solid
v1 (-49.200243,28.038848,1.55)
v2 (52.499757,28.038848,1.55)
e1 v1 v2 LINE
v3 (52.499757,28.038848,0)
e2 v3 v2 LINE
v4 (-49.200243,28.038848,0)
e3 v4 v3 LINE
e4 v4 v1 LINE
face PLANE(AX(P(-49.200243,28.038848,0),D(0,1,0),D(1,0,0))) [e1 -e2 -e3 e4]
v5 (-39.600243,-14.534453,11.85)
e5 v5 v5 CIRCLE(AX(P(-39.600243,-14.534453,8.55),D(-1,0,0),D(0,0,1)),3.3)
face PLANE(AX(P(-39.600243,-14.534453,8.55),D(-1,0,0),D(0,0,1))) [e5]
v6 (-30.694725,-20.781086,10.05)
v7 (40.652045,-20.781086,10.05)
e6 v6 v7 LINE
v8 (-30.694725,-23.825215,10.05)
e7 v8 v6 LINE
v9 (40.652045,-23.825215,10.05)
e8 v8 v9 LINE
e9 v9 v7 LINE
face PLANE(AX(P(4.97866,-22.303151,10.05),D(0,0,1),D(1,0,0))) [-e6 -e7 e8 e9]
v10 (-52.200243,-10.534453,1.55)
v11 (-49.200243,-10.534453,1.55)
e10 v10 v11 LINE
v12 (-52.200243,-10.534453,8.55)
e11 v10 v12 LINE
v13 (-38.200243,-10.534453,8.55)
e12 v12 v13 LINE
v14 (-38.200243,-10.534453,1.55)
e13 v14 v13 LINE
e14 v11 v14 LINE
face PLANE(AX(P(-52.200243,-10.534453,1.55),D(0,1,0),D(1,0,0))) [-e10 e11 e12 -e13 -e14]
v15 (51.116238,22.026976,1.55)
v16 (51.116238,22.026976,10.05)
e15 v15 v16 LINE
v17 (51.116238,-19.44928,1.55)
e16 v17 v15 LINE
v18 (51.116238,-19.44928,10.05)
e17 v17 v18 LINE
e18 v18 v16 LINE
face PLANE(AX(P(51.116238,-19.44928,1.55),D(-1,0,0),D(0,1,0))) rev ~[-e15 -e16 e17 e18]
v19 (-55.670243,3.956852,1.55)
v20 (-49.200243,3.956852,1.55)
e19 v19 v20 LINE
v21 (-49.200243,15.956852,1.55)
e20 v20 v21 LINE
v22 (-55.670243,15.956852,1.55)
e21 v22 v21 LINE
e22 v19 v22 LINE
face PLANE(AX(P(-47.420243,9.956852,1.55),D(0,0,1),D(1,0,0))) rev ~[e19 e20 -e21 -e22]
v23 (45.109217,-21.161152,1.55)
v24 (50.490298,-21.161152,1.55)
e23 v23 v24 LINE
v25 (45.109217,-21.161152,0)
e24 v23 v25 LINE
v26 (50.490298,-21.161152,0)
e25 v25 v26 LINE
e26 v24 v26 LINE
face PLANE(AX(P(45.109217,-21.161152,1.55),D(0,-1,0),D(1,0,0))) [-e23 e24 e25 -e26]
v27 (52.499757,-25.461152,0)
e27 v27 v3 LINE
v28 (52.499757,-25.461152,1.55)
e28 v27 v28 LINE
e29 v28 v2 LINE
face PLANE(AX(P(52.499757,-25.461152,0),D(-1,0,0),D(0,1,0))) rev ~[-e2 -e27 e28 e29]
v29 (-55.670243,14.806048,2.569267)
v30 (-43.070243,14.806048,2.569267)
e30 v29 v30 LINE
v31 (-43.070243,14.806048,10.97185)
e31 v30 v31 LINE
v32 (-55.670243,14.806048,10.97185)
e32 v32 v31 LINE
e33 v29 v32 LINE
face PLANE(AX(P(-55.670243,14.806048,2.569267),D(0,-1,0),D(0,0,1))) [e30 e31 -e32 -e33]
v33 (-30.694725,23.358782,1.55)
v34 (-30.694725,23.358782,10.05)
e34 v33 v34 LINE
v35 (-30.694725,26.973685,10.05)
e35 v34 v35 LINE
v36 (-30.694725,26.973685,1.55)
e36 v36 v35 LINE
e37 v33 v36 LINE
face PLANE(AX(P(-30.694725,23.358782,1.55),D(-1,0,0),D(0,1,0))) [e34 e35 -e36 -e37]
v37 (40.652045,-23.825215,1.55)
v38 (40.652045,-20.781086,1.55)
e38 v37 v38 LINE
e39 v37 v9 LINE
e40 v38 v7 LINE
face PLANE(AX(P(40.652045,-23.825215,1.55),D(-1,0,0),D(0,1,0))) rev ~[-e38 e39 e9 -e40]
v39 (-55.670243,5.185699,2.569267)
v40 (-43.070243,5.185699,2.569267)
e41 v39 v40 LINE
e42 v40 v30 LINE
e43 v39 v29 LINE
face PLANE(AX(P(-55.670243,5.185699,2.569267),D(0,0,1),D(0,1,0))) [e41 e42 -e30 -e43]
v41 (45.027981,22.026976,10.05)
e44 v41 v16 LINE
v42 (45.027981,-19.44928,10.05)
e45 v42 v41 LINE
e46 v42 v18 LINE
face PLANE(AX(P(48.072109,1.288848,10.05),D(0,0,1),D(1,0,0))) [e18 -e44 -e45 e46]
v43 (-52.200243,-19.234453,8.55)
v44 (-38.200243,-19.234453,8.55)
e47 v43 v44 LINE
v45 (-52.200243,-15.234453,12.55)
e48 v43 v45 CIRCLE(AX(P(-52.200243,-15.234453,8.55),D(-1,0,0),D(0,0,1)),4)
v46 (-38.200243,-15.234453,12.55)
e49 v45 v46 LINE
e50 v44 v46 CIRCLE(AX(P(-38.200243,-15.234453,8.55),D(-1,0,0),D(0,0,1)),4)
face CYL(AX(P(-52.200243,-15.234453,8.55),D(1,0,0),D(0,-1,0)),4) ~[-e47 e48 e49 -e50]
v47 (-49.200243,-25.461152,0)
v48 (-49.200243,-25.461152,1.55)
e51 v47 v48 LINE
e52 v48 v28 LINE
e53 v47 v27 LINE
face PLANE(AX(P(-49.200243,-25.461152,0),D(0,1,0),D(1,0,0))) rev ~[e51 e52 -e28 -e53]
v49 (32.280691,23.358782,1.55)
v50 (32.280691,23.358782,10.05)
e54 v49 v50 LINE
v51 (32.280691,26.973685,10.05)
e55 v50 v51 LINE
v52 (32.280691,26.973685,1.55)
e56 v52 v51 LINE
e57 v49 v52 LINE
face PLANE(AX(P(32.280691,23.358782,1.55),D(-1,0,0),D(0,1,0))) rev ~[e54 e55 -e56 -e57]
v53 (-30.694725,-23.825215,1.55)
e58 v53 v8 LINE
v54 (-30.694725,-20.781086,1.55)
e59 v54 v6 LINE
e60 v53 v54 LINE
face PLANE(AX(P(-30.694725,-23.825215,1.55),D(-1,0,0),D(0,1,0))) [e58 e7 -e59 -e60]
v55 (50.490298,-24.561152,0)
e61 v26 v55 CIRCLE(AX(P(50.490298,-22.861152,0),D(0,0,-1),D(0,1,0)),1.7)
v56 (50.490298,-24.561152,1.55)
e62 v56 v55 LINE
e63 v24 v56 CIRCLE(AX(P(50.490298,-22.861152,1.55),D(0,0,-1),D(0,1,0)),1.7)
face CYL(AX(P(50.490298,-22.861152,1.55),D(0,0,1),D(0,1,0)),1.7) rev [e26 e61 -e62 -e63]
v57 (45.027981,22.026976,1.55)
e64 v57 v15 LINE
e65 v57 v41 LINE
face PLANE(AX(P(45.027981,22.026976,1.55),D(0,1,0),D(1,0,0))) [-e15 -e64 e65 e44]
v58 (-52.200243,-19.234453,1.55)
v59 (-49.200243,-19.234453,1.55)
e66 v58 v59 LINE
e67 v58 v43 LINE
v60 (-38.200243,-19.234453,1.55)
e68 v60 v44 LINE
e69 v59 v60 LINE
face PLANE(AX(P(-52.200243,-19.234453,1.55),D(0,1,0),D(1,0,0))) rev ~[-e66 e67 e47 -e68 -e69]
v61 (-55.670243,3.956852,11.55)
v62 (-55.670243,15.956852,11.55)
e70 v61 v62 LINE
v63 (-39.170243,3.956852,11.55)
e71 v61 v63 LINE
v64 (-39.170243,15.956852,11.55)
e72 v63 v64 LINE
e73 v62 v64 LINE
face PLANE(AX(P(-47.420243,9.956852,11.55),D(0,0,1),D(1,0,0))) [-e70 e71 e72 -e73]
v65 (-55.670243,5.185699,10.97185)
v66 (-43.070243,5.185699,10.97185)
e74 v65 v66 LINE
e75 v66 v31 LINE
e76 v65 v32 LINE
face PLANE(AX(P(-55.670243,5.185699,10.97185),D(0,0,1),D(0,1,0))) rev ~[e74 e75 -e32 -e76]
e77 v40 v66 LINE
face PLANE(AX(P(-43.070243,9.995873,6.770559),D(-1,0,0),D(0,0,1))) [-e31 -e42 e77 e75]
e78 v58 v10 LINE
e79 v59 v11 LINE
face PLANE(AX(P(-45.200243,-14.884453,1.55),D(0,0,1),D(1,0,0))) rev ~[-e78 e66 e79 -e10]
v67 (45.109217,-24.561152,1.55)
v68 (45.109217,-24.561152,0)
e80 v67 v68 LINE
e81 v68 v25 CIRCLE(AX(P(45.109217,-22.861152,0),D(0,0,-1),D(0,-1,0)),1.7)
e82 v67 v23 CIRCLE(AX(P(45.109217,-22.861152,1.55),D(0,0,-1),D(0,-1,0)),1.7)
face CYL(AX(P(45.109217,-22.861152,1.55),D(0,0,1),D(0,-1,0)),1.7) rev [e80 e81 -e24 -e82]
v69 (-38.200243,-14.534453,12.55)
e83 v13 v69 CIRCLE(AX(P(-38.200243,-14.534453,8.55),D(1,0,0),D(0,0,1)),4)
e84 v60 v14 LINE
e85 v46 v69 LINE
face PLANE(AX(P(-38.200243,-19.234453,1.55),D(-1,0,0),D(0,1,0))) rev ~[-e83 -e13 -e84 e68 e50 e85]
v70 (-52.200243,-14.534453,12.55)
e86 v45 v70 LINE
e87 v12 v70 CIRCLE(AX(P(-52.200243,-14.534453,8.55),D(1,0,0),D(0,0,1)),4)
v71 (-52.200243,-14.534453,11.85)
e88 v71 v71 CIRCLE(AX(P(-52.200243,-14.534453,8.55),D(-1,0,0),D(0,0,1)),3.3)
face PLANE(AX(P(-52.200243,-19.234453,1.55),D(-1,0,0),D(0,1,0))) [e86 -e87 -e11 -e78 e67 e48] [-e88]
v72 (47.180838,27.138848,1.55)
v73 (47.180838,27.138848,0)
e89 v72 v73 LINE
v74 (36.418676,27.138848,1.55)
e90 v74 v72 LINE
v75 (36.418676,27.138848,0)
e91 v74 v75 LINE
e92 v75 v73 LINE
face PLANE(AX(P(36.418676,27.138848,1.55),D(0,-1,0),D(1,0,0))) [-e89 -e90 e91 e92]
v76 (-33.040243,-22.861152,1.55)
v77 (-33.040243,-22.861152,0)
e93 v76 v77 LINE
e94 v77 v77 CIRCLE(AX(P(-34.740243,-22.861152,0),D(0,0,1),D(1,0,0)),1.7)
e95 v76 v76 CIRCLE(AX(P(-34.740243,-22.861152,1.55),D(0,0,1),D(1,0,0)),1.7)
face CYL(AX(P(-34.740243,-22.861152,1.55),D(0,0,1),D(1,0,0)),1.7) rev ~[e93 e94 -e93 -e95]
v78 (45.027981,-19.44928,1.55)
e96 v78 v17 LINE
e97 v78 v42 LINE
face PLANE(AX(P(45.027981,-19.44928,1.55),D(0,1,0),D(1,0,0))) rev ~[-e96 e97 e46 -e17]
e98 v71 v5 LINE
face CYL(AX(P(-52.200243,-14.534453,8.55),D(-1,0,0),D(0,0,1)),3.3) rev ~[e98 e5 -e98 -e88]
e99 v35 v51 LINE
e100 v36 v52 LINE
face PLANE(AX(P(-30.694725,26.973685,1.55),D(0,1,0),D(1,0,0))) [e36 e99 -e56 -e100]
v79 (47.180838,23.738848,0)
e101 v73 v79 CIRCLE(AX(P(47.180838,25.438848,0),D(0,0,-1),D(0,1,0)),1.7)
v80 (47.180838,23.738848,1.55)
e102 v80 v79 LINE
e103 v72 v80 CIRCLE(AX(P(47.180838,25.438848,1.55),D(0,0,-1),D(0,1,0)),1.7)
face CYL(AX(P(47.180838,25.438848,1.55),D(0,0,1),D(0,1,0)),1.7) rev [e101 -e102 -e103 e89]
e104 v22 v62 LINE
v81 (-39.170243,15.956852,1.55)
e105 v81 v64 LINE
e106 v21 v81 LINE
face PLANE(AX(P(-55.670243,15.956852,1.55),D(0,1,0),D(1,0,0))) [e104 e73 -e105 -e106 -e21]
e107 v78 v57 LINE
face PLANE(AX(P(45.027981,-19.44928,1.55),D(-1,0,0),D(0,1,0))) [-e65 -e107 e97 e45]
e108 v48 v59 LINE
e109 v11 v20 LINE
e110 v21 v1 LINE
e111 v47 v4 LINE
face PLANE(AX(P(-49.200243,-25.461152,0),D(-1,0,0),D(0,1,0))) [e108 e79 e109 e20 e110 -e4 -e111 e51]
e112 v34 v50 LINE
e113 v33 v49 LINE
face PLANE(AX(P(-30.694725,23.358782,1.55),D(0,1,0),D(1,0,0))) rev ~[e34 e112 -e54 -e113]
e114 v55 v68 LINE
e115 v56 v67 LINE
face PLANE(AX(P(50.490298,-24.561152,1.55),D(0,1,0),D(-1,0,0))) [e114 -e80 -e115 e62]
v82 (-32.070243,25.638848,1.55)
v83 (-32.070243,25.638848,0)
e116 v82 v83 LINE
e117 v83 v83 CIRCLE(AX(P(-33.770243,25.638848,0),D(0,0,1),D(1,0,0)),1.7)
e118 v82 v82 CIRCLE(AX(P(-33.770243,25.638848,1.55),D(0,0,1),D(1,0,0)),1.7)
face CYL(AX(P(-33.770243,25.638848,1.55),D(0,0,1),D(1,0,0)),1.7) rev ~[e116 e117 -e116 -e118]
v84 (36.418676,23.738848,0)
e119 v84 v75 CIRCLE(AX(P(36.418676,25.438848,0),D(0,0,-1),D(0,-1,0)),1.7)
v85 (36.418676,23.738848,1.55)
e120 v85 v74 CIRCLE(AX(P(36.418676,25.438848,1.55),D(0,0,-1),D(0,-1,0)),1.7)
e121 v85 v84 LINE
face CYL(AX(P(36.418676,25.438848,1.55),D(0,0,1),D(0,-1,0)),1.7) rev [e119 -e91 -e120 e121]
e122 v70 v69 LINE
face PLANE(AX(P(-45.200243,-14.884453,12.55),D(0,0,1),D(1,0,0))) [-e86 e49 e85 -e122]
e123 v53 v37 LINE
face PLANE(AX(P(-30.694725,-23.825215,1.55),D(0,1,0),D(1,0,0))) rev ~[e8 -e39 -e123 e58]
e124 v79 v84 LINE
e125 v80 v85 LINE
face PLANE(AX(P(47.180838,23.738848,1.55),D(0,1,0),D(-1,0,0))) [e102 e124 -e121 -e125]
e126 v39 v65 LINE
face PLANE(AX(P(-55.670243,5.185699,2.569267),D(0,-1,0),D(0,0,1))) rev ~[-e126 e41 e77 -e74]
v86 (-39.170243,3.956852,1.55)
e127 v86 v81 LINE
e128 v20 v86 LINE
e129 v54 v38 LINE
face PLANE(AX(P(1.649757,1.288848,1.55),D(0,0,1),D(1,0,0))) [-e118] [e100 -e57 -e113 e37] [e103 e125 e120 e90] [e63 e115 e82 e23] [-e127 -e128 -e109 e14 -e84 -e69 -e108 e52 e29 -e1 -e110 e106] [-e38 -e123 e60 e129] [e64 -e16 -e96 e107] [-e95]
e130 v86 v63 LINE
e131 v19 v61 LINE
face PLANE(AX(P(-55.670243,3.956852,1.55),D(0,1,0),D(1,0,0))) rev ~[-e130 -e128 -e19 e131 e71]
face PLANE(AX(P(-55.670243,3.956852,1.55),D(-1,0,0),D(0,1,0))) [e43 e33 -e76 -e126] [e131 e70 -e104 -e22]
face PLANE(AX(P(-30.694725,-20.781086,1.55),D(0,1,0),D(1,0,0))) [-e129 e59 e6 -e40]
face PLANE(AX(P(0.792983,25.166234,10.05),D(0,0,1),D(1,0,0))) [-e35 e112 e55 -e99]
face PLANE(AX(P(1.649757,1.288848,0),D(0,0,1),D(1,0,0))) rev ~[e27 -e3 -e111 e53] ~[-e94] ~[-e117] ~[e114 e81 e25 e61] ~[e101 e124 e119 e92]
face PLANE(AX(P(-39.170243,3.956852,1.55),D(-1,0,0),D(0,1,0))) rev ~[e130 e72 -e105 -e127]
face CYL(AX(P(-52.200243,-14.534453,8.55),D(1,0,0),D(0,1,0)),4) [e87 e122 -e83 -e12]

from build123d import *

# Parameters (mm, degrees)
SKETCH_1_W          = 101.7
SKETCH_1_H          = 53.5
EXTRUDE_1_DEPTH     = 1.55
SKETCH_2_R          = 1.7
CUT_EXTRUDE_1_DEPTH = 1.55
SKETCH_3_W          = 16.5
SKETCH_3_H          = 12
EXTRUDE_2_DEPTH     = 10
SKETCH_4_W          = 14
SKETCH_4_H          = 8.7
EXTRUDE_3_DEPTH     = 11
FILLET_1_R          = 4
SKETCH_5_W          = 8.402583841
SKETCH_5_H          = 9.620349616
CUT_EXTRUDE_3_DEPTH = 12.6
SKETCH_6_R          = 3.3
CUT_EXTRUDE_4_DEPTH = 12.6
SKETCH_7_W          = 62.975416122
SKETCH_7_H          = 3.61490304
SKETCH_7_W_2        = 6.088257752
SKETCH_7_H_2        = 41.476255936
SKETCH_7_W_3        = 71.346770532
SKETCH_7_H_3        = 3.044128877
EXTRUDE_4_DEPTH     = 8.5


with BuildPart() as part:
    # 草图1 → 凸台-拉伸1 (new body)
    with BuildSketch(Plane.XY):
        with Locations((1.649757161, 1.28884807)):
            Rectangle(SKETCH_1_W, SKETCH_1_H)
    extrude(amount=EXTRUDE_1_DEPTH)

    # 草图2 → 切除-拉伸1 (cut)
    with BuildSketch(Plane.XY.offset(1.55)):
        with Locations((-34.740242839, -22.86115193)):
            Circle(SKETCH_2_R)
        with Locations((-33.770242839, 25.63884807)):
            Circle(SKETCH_2_R)
        with BuildLine():
            Line((36.418676462, 27.13884807), (47.180837859, 27.13884807))
            ThreePointArc((47.180837859, 27.13884807), (48.880837859, 25.43884807), (47.180837859, 23.73884807))
            Line((47.180837859, 23.73884807), (36.418676462, 23.73884807))
            ThreePointArc((36.418676462, 23.73884807), (34.718676462, 25.43884807), (36.418676462, 27.13884807))
        make_face()
        with BuildLine():
            Line((45.109216811, -21.16115193), (50.49029751, -21.16115193))
            ThreePointArc((50.49029751, -21.16115193), (52.19029751, -22.86115193), (50.49029751, -24.56115193))
            Line((50.49029751, -24.56115193), (45.109216811, -24.56115193))
            ThreePointArc((45.109216811, -24.56115193), (43.409216811, -22.86115193), (45.109216811, -21.16115193))
        make_face()
    extrude(amount=-CUT_EXTRUDE_1_DEPTH, mode=Mode.SUBTRACT)

    # 草图3 → 凸台-拉伸2 (add)
    with BuildSketch(Plane.XY.offset(1.55)):
        with Locations((-47.420242839, 9.956852339)):
            Rectangle(SKETCH_3_W, SKETCH_3_H)
    extrude(amount=EXTRUDE_2_DEPTH)

    # 草图4 → 凸台-拉伸3 (add)
    with BuildSketch(Plane.XY.offset(1.55)):
        with Locations((-45.200242839, -14.884453356)):
            Rectangle(SKETCH_4_W, SKETCH_4_H)
    extrude(amount=EXTRUDE_3_DEPTH)

    # 圆角1
    fillet_1_edges = [part.edges().sort_by_distance(p)[0] for p in [
        (-45.200242839, -10.534453356, 12.55),
        (-45.200242839, -19.234453356, 12.55),
    ]]
    fillet(fillet_1_edges, radius=FILLET_1_R)

    # 草图5 → 切除-拉伸3 (cut)
    with BuildSketch(Plane.ZY.offset(55.670242839)):
        with Locations((6.770558557, 9.995873355)):
            Rectangle(SKETCH_5_W, SKETCH_5_H)
    extrude(amount=-CUT_EXTRUDE_3_DEPTH, mode=Mode.SUBTRACT)

    # 草图6 → 切除-拉伸4 (cut)
    with BuildSketch(Plane.ZY.offset(52.200242839)):
        with Locations((8.55, -14.534453356)):
            Circle(SKETCH_6_R)
    extrude(amount=-CUT_EXTRUDE_4_DEPTH, mode=Mode.SUBTRACT)

    # 草图7 → 凸台-拉伸4 (add)
    with BuildSketch(Plane.XY.offset(1.55)):
        with Locations((0.792982845, 25.166233941)):
            Rectangle(SKETCH_7_W, SKETCH_7_H)
        with Locations((48.072109451, 1.28884807)):
            Rectangle(SKETCH_7_W_2, SKETCH_7_H_2)
        with Locations((4.97866005, -22.30315072)):
            Rectangle(SKETCH_7_W_3, SKETCH_7_H_3)
    extrude(amount=EXTRUDE_4_DEPTH)


solid = part.part
